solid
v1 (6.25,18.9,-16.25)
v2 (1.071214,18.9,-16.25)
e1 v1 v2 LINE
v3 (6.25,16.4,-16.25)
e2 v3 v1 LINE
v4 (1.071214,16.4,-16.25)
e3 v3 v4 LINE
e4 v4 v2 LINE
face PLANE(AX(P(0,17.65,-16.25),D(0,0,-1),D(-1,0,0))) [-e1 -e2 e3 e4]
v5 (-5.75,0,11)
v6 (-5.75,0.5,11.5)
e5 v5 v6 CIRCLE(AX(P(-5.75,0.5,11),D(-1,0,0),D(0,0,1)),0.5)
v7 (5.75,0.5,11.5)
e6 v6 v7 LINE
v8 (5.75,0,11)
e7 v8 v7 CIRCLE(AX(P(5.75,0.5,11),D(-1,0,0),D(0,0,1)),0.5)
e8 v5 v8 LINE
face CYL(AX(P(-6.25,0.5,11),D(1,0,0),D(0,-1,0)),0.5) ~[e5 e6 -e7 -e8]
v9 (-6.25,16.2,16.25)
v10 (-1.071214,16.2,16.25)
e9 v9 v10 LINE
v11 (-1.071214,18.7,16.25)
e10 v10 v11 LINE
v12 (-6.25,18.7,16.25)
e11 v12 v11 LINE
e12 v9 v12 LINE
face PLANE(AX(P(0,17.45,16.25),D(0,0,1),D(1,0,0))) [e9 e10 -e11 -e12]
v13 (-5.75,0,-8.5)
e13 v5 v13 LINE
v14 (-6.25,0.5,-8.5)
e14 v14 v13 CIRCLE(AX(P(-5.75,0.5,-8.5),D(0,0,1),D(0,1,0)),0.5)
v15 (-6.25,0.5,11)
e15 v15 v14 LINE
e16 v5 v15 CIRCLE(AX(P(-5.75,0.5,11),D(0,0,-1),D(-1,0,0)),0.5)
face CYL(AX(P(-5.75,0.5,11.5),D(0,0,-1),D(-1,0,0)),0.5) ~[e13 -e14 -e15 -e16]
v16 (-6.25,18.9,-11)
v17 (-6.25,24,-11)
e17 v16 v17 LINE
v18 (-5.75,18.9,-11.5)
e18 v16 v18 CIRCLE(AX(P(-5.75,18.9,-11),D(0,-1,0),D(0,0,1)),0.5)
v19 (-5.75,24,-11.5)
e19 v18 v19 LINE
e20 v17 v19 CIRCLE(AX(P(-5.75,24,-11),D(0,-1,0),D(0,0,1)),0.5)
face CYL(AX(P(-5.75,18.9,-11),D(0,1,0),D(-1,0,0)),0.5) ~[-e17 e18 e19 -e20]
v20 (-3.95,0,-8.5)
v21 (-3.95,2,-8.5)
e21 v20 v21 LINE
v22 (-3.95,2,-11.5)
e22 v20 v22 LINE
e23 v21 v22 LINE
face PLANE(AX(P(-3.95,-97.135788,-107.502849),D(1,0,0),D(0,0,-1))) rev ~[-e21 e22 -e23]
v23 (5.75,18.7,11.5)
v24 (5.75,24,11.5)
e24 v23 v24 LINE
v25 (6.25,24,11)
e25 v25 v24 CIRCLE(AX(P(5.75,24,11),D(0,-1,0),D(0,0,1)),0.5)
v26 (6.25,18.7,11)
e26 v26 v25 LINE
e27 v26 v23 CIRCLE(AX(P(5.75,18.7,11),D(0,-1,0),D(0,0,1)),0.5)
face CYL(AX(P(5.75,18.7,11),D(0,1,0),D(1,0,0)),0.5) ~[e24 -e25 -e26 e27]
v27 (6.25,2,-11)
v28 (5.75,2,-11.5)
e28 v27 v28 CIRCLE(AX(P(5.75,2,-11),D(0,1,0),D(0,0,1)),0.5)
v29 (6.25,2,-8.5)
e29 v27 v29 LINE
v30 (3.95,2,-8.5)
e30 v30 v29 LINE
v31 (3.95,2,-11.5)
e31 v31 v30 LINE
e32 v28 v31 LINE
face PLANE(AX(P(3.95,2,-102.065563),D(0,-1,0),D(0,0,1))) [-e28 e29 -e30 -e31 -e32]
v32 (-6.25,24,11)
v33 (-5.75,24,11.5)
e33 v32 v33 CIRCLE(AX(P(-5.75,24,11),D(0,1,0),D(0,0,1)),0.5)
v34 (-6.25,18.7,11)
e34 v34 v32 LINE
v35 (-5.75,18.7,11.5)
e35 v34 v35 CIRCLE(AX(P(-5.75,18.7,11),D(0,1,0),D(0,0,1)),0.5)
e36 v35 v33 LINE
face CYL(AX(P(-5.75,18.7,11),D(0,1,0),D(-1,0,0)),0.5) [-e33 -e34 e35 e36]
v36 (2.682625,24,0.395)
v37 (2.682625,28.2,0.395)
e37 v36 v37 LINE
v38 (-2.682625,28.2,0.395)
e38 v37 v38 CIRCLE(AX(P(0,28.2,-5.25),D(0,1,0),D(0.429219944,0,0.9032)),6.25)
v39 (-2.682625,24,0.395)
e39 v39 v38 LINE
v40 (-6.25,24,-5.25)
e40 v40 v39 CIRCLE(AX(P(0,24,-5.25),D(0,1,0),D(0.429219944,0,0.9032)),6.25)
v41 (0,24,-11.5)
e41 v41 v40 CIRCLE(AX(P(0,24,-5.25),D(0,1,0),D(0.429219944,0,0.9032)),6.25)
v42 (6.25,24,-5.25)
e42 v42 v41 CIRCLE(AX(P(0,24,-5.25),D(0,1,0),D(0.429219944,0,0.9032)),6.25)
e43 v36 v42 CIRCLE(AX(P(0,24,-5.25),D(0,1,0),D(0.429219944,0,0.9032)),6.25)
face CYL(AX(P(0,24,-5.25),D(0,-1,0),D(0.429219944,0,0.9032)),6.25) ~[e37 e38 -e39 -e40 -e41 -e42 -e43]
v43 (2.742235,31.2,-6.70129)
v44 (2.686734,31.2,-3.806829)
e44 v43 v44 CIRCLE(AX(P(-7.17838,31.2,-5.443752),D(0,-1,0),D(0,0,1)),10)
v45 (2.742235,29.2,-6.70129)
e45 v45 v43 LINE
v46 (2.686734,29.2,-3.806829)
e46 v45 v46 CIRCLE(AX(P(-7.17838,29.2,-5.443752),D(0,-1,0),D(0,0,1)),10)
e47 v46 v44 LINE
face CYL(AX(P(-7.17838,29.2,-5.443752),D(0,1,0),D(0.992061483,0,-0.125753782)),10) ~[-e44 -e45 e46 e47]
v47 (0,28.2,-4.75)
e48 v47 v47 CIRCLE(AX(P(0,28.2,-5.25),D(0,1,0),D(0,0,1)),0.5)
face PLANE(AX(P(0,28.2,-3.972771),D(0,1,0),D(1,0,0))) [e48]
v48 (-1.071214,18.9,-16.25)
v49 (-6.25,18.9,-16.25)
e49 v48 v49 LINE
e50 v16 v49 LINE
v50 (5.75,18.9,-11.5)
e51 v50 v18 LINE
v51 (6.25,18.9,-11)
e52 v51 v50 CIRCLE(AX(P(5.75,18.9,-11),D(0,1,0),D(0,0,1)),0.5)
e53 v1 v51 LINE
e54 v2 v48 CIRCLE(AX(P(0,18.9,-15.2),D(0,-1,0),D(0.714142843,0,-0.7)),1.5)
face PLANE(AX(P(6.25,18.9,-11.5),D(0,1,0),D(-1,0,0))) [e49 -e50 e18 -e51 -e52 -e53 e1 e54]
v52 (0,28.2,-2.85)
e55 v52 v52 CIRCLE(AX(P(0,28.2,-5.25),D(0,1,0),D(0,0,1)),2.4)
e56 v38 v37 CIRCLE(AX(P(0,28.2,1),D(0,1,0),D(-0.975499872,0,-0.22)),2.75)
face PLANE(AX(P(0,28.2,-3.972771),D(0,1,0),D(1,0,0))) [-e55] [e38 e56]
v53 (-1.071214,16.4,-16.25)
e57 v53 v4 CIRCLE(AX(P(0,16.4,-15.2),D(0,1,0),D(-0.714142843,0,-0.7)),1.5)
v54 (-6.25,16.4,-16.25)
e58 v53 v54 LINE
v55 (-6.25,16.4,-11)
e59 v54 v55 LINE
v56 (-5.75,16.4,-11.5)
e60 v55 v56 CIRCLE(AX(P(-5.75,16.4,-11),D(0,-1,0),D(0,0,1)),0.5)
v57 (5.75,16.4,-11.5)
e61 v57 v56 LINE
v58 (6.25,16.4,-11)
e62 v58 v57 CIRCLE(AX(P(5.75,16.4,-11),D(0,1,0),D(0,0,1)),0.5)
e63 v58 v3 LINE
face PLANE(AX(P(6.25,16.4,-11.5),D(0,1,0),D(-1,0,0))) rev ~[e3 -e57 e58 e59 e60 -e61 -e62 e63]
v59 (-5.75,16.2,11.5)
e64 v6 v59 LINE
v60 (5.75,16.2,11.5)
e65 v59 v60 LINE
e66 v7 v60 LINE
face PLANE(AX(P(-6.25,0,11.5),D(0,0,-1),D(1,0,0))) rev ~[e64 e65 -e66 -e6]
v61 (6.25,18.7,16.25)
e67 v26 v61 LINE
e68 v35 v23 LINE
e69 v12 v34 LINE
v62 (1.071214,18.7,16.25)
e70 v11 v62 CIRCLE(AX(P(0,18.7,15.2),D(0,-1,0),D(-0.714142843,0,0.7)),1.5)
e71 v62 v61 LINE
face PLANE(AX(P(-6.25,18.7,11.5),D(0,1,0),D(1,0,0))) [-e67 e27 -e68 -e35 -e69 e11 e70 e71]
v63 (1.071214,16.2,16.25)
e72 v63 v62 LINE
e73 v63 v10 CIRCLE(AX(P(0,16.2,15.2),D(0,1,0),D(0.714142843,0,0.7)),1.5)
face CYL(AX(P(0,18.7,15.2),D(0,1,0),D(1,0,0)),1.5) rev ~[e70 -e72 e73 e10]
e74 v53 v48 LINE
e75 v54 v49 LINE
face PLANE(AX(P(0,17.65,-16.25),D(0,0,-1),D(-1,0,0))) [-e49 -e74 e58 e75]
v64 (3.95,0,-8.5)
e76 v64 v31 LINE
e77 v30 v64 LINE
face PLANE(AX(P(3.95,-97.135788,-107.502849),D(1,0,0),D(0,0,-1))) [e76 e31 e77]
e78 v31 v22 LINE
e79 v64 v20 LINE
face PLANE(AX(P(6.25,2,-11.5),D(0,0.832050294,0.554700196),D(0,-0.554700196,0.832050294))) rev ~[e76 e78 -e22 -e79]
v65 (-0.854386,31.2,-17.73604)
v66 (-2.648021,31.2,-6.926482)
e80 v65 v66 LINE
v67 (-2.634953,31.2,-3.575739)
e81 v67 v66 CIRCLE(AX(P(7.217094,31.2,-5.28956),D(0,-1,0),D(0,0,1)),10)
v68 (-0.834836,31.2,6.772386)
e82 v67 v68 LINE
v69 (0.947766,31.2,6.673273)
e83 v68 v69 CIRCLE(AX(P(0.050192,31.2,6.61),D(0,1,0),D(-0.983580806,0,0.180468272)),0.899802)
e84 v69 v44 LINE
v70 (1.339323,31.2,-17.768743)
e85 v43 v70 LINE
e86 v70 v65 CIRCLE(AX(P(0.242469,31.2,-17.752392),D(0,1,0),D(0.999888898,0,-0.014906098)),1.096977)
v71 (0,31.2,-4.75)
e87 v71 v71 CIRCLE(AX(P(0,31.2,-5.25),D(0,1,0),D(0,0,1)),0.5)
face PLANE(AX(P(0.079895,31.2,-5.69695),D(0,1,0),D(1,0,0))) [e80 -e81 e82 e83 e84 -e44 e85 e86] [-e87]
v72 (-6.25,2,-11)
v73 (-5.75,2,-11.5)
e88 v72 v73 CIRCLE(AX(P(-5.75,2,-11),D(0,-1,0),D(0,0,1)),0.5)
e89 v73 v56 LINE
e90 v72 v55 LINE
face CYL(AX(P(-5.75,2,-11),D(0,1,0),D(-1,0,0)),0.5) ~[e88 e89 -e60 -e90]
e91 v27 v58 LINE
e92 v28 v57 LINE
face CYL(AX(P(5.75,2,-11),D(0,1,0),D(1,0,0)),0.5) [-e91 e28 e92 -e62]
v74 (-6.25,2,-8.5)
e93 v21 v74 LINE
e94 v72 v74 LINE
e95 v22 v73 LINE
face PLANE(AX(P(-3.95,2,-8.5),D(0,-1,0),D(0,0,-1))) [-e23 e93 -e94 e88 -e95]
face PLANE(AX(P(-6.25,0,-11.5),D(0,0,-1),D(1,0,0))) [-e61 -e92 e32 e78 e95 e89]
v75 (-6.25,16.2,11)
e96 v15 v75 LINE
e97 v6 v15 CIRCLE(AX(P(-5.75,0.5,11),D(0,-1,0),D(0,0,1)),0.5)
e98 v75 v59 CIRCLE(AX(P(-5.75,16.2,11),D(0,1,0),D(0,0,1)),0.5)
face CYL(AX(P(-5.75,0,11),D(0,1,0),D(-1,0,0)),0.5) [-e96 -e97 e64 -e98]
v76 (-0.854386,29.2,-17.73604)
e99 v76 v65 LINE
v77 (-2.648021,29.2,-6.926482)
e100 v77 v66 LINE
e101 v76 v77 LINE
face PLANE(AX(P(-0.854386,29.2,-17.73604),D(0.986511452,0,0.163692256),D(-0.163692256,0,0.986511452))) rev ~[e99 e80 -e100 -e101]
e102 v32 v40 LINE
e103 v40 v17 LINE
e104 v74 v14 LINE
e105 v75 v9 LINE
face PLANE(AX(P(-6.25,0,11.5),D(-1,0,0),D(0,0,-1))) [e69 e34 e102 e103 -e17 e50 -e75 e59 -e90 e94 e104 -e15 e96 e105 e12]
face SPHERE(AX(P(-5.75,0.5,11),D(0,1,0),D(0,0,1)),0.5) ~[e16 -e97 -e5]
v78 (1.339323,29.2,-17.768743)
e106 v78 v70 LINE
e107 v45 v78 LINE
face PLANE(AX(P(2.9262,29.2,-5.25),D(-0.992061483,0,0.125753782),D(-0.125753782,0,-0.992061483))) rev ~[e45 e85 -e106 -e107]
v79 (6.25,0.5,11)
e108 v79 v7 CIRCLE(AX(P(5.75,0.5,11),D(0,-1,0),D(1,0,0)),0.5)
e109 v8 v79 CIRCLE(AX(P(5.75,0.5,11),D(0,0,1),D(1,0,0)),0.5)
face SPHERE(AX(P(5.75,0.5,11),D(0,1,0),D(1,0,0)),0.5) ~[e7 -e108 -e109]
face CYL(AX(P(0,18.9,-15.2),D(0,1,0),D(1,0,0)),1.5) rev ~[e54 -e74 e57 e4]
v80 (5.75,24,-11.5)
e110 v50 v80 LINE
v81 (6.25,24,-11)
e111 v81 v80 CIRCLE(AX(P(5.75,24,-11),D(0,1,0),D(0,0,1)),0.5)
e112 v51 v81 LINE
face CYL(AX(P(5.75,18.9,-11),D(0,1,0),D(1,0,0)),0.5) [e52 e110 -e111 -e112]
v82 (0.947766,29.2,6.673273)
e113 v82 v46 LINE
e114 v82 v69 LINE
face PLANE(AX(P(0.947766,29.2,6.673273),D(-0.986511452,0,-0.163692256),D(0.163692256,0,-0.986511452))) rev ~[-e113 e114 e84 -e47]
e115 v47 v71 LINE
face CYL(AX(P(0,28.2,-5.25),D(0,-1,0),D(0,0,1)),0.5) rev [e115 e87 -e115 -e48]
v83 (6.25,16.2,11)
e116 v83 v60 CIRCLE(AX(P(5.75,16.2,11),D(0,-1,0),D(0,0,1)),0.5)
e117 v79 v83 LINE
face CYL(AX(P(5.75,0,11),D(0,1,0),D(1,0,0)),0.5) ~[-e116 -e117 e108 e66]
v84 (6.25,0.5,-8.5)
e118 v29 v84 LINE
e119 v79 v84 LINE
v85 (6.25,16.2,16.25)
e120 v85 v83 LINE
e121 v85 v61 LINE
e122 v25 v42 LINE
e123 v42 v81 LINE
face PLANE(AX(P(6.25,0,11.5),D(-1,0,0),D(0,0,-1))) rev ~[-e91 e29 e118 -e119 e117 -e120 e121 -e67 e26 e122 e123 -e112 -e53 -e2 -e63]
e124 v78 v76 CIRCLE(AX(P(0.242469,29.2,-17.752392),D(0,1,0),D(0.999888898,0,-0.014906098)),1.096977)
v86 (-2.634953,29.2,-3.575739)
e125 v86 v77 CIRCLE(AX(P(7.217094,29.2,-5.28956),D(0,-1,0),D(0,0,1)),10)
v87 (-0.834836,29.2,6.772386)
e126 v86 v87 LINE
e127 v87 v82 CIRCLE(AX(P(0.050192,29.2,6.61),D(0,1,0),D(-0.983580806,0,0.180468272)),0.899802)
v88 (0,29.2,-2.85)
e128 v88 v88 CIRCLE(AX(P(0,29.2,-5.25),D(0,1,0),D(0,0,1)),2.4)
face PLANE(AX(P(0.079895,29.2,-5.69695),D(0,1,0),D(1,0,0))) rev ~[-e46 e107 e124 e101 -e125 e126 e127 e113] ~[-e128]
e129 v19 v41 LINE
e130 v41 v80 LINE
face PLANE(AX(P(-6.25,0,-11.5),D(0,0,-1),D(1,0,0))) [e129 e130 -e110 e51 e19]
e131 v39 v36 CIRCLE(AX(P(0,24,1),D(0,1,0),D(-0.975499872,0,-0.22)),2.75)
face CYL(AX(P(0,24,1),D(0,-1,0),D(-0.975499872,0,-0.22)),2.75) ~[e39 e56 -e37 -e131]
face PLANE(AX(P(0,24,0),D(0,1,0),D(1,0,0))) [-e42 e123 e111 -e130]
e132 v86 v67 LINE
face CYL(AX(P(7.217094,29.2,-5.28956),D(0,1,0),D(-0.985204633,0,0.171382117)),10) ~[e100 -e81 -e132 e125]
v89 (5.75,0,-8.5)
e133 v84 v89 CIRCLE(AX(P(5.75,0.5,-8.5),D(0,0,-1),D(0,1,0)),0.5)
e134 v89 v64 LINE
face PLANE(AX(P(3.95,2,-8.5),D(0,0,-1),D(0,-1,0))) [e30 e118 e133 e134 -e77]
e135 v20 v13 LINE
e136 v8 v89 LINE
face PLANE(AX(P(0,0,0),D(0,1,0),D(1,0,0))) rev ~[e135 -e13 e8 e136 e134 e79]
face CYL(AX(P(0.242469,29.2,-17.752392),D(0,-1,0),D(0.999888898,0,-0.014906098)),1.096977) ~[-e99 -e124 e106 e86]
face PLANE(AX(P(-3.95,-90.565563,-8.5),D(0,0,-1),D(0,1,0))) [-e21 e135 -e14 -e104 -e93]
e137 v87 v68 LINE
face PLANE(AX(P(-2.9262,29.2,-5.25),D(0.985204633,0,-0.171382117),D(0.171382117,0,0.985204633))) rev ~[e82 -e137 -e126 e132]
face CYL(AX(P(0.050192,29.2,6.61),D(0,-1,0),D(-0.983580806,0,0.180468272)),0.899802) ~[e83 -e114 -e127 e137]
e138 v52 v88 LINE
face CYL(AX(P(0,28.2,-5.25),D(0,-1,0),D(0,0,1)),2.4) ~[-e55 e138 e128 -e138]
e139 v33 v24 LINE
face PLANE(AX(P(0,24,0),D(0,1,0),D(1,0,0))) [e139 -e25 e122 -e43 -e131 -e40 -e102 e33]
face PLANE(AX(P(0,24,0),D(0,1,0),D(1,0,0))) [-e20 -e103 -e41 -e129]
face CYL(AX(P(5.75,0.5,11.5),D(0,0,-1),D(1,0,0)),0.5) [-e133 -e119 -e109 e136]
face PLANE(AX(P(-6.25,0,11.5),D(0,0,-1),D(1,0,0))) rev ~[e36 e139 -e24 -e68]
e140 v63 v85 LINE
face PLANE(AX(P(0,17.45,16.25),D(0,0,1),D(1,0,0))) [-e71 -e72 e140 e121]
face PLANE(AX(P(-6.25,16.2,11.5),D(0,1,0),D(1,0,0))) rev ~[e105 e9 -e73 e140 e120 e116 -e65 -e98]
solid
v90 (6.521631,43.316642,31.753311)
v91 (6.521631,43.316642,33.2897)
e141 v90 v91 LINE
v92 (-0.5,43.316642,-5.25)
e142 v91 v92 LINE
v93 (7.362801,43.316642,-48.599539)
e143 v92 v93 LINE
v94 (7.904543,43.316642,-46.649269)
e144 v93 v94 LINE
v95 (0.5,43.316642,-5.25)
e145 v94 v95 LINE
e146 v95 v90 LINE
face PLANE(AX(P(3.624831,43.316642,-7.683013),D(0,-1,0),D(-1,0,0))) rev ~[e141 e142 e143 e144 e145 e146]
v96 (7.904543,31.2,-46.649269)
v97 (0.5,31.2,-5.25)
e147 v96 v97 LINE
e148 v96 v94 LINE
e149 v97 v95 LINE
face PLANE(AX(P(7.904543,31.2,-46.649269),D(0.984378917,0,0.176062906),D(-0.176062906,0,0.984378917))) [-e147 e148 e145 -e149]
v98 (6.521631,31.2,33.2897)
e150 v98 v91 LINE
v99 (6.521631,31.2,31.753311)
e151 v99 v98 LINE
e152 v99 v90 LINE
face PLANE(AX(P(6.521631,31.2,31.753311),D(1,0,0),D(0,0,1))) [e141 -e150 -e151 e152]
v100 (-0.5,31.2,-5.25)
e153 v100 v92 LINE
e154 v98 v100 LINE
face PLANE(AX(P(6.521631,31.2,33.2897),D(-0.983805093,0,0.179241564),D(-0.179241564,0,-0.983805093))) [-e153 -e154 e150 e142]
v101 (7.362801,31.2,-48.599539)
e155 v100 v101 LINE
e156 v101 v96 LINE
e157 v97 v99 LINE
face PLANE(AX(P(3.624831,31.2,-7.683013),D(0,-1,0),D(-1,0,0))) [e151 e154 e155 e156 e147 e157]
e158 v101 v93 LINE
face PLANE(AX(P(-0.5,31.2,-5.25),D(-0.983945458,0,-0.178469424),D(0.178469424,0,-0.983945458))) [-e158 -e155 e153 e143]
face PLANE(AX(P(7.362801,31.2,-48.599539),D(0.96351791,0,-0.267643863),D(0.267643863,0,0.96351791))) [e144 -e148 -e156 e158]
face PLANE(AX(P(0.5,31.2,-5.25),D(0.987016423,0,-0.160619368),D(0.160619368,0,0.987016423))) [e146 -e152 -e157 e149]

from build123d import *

# Parameters (mm, degrees)
SKETCH1_W               = 12.5
SKETCH1_H               = 23
BOSS_EXTRUDE1_DEPTH     = 24
BOSS_EXTRUDE2_DEPTH     = 4.2
SKETCH3_R               = 2.4
SKETCH3_R_2             = 0.5
BOSS_EXTRUDE3_DEPTH     = 3
SKETCH4_W               = 12.5
SKETCH4_H               = 2.5
BOSS_EXTRUDE4_DEPTH     = 4.75
SKETCH5_W               = 12.5
SKETCH5_H               = 2.5
BOSS_EXTRUDE5_DEPTH     = 4.75
CUT_EXTRUDE1_REACH      = 27.55
SKETCH6_R               = 1.5
CUT_EXTRUDE2_REACH      = 27.697
SKETCH8_R               = 1.5
CUT_EXTRUDE4_DEPTH      = 38.33299479
CUT_EXTRUDE6_DEPTH      = 38.33299479
CUT_EXTRUDE6_DEPTH_BACK = 2.3
CUT_EXTRUDE7_DEPTH      = 38.33299479
CUT_EXTRUDE7_DEPTH_BACK = 2.3
FILLET1_R               = 0.5
SALIENTE_EXTRUIR2_START = -2
CROQUIS2_R              = 2.4
SALIENTE_EXTRUIR2_DEPTH = 2
REDONDEO1_R             = 10
SALIENTE_EXTRUIR5_DEPTH = 12.116642018


with BuildPart() as part:
    # Sketch1 → Boss-Extrude1 (new body)
    with BuildSketch(Plane(origin=(0, 0, 0), x_dir=(1, 0, 0), z_dir=(0, 1, 0))):
        Rectangle(SKETCH1_W, SKETCH1_H)
    extrude(amount=BOSS_EXTRUDE1_DEPTH)

    # Sketch2 → Boss-Extrude2 (add)
    with BuildSketch(Plane(origin=(0, 24, 0), x_dir=(1, 0, 0), z_dir=(0, 1, 0))):
        with BuildLine():
            ThreePointArc((2.682624648, -0.395), (0, 11.5), (-2.682624648, -0.395))
            ThreePointArc((-2.682624648, -0.395), (0, -3.75), (2.682624648, -0.395))
        make_face()
    extrude(amount=BOSS_EXTRUDE2_DEPTH)

    # Sketch3 → Boss-Extrude3 (add)
    with BuildSketch(Plane(origin=(0, 28.2, 0), x_dir=(1, 0, 0), z_dir=(0, 1, 0))):
        with Locations(Location((0, 5.25, 0), (0, 0, 270))):
            Circle(SKETCH3_R)
        with Locations(Location((0, 5.25, 0), (0, 0, 270))):
            Circle(SKETCH3_R_2, mode=Mode.SUBTRACT)
    extrude(amount=BOSS_EXTRUDE3_DEPTH)

    # Sketch4 → Boss-Extrude4 (add)
    with BuildSketch(Plane(origin=(0, 0, -11.5), x_dir=(-1, 0, 0), z_dir=(0, 0, -1))):
        with Locations((0, 17.65)):
            Rectangle(SKETCH4_W, SKETCH4_H)
    extrude(amount=BOSS_EXTRUDE4_DEPTH)

    # Sketch5 → Boss-Extrude5 (add)
    with BuildSketch(Plane.XY.offset(11.5)):
        with Locations((0, 17.45)):
            Rectangle(SKETCH5_W, SKETCH5_H)
    extrude(amount=BOSS_EXTRUDE5_DEPTH)

    # Sketch6 → Cut-Extrude1 (cut, up to next)
    with BuildSketch(Plane(origin=(0, 18.7, 0), x_dir=(1, 0, 0), z_dir=(0, 1, 0)), mode=Mode.PRIVATE) as cut_extrude1_sk1:
        with Locations((0, -15.2)):
            Circle(SKETCH6_R)
    cut_extrude1_tool1 = extrude(cut_extrude1_sk1.sketch, amount=-CUT_EXTRUDE1_REACH, mode=Mode.PRIVATE) & part.part
    add(cut_extrude1_tool1.solids().sort_by_distance((0, 18.7, 15.2))[0], mode=Mode.SUBTRACT)

    # Sketch8 → Cut-Extrude2 (cut, up to next)
    with BuildSketch(Plane(origin=(0, 18.9, 0), x_dir=(1, 0, 0), z_dir=(0, 1, 0)), mode=Mode.PRIVATE) as cut_extrude2_sk1:
        with Locations((0, 15.2)):
            Circle(SKETCH8_R)
    cut_extrude2_tool1 = extrude(cut_extrude2_sk1.sketch, amount=-CUT_EXTRUDE2_REACH, mode=Mode.PRIVATE) & part.part
    add(cut_extrude2_tool1.solids().sort_by_distance((0, 18.9, -15.2))[0], mode=Mode.SUBTRACT)

    # Sketch9 → Cut-Extrude4 (cut, through all)
    with BuildSketch(Plane(origin=(6.25, 0, 0), x_dir=(0, 0, -1), z_dir=(1, 0, 0))):
        Polygon((11.5, 2), (8.5, 0), (11.5, 0), align=None)
    extrude(amount=-CUT_EXTRUDE4_DEPTH, mode=Mode.SUBTRACT)

    # Sketch10 → Cut-Extrude6 (cut, two sides: drawn at the far end of the back side and taken through both)
    with BuildSketch(Plane(origin=(6.25, 0, 0), x_dir=(0, 0, -1), z_dir=(1, 0, 0)).offset(-CUT_EXTRUDE6_DEPTH_BACK)):
        Polygon((102.065563363, 2), (11.5, 2), (8.5, 2), (8.5, 0), (8.5, -90.565563363), (135.889097577, -219.33086493), (229.45466094, -126.765301567), align=None)
    extrude(amount=CUT_EXTRUDE6_DEPTH + CUT_EXTRUDE6_DEPTH_BACK, mode=Mode.SUBTRACT)

    # Sketch11 → Cut-Extrude7 (cut, two sides: drawn at the far end of the back side and taken through both)
    with BuildSketch(Plane.ZY.offset(6.25).offset(-CUT_EXTRUDE7_DEPTH_BACK)):
        Polygon((-102.065563363, 2), (-11.5, 2), (-8.5, 2), (-8.5, 0), (-8.5, -90.565563363), (-135.889097577, -219.33086493), (-229.45466094, -126.765301567), align=None)
    extrude(amount=CUT_EXTRUDE7_DEPTH + CUT_EXTRUDE7_DEPTH_BACK, mode=Mode.SUBTRACT)

    # Fillet1
    fillet1_edges = [part.edges().sort_by_distance(p)[0] for p in [
        (-6.25, 9.2, -11.5),
        (6.25, 9.2, -11.5),
        (6.25, 8.1, 11.5),
        (-6.25, 8.1, 11.5),
        (6.25, 0, 1.5),
        (0, 0, 11.5),
        (-6.25, 21.45, -11.5),
        (6.25, 21.45, -11.5),
        (6.25, 21.35, 11.5),
        (-6.25, 0, 1.5),
        (-6.25, 21.35, 11.5),
    ]]
    fillet(fillet1_edges, radius=FILLET1_R)

    # Croquis2 → Saliente-Extruir2 (add)
    with BuildSketch(Plane(origin=(0, 31.2, 0), x_dir=(1, 0, 0), z_dir=(0, 1, 0)).offset(SALIENTE_EXTRUIR2_START)):
        with BuildLine():
            Line((-2.926200175, 5.25), (-0.834835747, -6.772385738))
            ThreePointArc((-0.834835747, -6.772385738), (0.100143784, -7.508414302), (0.947766476, -6.673273269))
            Line((0.947766476, -6.673273269), (2.926200175, 5.25))
            Line((2.926200175, 5.25), (1.339323404, 17.768743365))
            ThreePointArc((1.339323404, 17.768743365), (0.226116887, 18.849246596), (-0.854386344, 17.736040078))
            Line((-0.854386344, 17.736040078), (-2.926200175, 5.25))
        make_face()
        with Locations((0, 5.25)):
            Circle(CROQUIS2_R, mode=Mode.SUBTRACT)
    extrude(amount=SALIENTE_EXTRUIR2_DEPTH)

    # Redondeo1
    redondeo1_edges = [part.edges().sort_by_distance(p)[0] for p in [
        (-2.926200175, 30.2, -5.25),
        (2.926200175, 30.2, -5.25),
    ]]
    fillet(redondeo1_edges, radius=REDONDEO1_R)


with BuildPart() as body_2:
    # Croquis3 → Saliente-Extruir5 (new body)
    with BuildSketch(Plane(origin=(0, 31.2, 0), x_dir=(1, 0, 0), z_dir=(0, 1, 0))):
        Polygon((-0.5, 5.25), (7.362800966, 48.599539288), (7.90454263, 46.649269295), (0.5, 5.25), (6.521630696, -31.753310854), (6.521630696, -33.289699738), align=None)
    extrude(amount=SALIENTE_EXTRUIR5_DEPTH)


solid = Compound([part.part, body_2.part])
